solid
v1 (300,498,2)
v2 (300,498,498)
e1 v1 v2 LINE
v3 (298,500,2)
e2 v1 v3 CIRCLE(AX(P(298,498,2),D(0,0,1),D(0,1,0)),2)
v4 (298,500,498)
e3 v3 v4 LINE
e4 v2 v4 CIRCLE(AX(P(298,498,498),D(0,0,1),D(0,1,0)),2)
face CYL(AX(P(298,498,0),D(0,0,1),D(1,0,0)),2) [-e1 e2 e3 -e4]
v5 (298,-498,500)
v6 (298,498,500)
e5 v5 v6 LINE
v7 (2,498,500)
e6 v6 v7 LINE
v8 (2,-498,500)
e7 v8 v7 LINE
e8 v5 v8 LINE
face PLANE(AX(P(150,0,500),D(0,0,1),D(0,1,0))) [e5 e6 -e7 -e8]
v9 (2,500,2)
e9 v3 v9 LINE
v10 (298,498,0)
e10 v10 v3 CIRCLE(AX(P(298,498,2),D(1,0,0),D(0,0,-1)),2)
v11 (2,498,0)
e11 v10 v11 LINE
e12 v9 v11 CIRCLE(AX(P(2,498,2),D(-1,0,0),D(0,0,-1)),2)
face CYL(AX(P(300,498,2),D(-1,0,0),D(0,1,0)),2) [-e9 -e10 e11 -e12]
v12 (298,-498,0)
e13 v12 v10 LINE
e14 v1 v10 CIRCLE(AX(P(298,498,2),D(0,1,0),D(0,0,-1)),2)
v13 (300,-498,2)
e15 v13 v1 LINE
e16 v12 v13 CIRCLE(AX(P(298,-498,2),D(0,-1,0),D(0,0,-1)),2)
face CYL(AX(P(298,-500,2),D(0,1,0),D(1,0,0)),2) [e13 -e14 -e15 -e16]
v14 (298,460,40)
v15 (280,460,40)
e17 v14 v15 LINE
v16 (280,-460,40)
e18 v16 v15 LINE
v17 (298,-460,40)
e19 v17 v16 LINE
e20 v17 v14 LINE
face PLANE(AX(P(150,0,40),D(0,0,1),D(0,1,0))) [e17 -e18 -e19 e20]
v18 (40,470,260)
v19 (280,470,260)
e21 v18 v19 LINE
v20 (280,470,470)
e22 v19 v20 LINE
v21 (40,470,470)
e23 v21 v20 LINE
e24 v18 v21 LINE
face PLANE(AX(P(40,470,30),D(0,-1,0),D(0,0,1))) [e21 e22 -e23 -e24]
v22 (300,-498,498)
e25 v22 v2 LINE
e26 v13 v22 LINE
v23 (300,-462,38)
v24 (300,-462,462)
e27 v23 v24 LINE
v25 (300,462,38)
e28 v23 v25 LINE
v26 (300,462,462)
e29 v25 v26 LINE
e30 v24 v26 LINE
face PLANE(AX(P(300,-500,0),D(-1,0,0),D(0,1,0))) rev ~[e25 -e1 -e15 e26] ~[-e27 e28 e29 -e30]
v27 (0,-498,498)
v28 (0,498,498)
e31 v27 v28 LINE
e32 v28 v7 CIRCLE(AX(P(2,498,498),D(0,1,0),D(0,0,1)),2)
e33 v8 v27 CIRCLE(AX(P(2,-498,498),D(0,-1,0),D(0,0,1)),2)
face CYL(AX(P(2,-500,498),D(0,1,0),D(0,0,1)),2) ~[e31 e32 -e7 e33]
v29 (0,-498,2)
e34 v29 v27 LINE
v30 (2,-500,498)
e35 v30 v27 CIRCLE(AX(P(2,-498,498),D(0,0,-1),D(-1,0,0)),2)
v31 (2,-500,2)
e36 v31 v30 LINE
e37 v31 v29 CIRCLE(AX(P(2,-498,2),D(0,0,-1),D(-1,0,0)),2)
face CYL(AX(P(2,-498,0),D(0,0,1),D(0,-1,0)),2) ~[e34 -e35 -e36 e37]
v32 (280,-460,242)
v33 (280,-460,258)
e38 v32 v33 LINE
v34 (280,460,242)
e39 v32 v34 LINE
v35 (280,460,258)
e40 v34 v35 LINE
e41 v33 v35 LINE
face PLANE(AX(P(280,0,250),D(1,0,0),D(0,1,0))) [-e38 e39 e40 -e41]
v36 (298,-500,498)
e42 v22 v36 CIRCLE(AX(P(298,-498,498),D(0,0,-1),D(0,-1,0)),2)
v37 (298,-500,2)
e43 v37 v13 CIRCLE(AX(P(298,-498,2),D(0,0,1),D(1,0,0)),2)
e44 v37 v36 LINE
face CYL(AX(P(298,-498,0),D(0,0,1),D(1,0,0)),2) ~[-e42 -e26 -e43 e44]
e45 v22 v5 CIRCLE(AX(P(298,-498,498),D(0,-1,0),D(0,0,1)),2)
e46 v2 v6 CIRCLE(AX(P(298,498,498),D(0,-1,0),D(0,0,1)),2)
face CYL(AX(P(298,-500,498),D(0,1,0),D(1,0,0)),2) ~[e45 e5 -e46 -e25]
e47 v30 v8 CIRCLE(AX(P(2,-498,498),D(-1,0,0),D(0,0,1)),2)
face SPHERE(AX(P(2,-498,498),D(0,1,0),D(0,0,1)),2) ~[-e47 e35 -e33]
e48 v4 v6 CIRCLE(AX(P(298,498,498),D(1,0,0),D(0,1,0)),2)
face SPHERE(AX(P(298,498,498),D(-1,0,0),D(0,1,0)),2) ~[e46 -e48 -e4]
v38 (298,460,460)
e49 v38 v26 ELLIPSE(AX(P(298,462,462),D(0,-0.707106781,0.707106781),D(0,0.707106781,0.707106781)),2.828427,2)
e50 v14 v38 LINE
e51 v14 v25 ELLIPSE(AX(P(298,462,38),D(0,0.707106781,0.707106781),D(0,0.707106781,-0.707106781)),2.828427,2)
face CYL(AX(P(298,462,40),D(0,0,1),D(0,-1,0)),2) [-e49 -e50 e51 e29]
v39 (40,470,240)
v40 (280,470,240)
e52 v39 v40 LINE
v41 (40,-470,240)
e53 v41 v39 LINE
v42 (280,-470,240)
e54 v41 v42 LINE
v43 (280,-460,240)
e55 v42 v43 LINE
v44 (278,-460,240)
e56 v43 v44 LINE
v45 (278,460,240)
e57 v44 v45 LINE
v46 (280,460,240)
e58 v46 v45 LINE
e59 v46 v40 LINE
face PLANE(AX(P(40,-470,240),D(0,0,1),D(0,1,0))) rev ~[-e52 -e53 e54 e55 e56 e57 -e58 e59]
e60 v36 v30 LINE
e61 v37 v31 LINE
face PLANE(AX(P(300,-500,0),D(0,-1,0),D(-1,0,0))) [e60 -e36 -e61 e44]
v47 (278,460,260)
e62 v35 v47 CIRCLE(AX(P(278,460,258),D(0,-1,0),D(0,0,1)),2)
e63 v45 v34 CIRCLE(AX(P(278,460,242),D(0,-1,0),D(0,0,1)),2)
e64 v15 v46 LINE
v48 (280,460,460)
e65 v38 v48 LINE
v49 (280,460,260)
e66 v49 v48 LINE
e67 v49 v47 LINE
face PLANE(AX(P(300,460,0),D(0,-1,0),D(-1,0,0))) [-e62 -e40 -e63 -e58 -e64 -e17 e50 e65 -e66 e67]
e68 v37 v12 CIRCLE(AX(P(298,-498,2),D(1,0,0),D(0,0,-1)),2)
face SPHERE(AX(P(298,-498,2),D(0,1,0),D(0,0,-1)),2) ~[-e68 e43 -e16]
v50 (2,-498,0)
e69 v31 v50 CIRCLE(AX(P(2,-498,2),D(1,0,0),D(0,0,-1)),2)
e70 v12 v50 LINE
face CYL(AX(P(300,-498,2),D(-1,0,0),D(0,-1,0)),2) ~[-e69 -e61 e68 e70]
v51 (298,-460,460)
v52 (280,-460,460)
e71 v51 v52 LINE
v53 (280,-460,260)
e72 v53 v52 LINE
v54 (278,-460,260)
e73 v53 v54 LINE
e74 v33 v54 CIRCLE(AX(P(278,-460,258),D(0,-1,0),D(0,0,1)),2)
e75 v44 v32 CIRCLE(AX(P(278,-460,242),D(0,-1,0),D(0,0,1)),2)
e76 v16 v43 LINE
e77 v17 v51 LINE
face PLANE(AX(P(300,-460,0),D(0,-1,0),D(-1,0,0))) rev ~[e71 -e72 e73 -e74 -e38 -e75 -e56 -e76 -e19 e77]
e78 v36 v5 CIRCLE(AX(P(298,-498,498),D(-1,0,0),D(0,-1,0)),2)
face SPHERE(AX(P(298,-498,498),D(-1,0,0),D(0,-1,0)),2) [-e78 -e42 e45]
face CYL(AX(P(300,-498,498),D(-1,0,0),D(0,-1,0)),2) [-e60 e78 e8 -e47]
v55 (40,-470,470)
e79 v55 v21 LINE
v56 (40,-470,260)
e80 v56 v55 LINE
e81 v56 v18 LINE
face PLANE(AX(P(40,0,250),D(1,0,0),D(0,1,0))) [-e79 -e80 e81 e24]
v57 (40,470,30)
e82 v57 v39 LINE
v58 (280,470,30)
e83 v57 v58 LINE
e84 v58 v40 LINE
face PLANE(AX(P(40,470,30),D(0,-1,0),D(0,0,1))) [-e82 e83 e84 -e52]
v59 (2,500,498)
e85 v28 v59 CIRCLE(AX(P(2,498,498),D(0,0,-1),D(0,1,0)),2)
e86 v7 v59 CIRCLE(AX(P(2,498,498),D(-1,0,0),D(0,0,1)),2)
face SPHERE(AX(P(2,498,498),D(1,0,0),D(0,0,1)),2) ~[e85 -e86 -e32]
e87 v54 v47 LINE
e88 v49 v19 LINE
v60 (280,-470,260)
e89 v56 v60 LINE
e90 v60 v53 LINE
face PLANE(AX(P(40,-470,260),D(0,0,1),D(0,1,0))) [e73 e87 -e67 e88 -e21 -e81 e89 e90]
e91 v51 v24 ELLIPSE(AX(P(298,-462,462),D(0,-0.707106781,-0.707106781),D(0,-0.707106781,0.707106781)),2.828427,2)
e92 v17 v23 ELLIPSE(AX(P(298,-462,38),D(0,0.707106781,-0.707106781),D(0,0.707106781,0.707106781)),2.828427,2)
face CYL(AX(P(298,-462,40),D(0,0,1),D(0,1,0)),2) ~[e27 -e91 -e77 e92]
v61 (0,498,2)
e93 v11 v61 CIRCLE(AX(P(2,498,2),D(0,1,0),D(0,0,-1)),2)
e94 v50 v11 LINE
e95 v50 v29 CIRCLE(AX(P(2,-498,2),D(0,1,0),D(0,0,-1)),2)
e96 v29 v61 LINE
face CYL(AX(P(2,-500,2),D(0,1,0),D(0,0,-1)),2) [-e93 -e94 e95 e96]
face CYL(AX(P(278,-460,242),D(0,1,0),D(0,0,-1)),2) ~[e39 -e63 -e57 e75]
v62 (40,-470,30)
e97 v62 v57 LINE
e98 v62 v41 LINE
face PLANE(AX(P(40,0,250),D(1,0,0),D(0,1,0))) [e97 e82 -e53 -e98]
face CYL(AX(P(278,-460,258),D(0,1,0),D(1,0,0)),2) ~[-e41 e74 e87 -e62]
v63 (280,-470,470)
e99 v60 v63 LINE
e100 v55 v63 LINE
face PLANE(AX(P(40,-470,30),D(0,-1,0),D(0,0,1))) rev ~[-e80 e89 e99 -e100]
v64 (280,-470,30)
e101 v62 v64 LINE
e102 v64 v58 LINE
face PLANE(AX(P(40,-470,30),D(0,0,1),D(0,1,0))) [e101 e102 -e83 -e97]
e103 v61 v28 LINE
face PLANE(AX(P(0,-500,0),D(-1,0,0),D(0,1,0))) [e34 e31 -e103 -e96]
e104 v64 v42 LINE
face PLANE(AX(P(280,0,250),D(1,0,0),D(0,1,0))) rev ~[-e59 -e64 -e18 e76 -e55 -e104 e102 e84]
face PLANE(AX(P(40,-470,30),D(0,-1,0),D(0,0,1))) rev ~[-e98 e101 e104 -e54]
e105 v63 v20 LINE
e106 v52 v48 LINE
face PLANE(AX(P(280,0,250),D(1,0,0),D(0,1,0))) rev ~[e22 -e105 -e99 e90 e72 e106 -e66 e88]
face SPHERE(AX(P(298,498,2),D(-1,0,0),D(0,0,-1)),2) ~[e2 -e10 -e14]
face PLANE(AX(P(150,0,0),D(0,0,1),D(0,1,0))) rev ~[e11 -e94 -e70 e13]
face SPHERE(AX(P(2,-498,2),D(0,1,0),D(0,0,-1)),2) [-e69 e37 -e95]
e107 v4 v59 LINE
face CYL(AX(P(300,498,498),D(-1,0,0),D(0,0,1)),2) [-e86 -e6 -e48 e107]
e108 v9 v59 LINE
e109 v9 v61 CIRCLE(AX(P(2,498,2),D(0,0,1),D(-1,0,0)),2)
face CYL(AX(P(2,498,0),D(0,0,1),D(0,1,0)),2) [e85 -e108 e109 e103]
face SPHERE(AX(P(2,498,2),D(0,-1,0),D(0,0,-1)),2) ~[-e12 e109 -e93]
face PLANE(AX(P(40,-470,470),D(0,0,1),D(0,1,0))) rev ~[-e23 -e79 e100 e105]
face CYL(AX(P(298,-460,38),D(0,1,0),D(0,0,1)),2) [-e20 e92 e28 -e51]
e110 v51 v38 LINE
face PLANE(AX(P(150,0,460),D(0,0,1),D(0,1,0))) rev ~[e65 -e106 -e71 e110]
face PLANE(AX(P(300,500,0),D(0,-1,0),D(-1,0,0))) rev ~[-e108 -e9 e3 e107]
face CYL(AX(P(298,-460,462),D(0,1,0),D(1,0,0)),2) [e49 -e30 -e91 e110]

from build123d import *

# Parameters (mm, degrees)
SKETCH1_W           = 1000
SKETCH1_H           = 300
BOSS_EXTRUDE1_DEPTH = 500
SHELL1_T            = -40
SKETCH3_W           = 940
SKETCH3_H           = 440
CUT_EXTRUDE1_DEPTH  = 240
SKETCH4_W           = 940
SKETCH4_H           = 20
BOSS_EXTRUDE2_DEPTH = 240
FILLET1_R           = 2


with BuildPart() as part:
    # Sketch1 → Boss-Extrude1 (new body)
    with BuildSketch(Plane(origin=(0, 0, 0), x_dir=(0, 1, 0), z_dir=(0, 0, 1))):
        with Locations((0, -150)):
            Rectangle(SKETCH1_W, SKETCH1_H)
    extrude(amount=BOSS_EXTRUDE1_DEPTH)

    # Shell1
    shell1_openings = [part.faces().sort_by_distance(p)[0] for p in [
        (300, 0, 250),
    ]]
    offset(amount=SHELL1_T, openings=shell1_openings, kind=Kind.INTERSECTION)

    # Sketch3 → Cut-Extrude1 (cut)
    with BuildSketch(Plane.YZ.offset(40)):
        with Locations((0, 250)):
            Rectangle(SKETCH3_W, SKETCH3_H)
    extrude(amount=CUT_EXTRUDE1_DEPTH, mode=Mode.SUBTRACT)

    # Sketch4 → Boss-Extrude2 (add)
    with BuildSketch(Plane.YZ.offset(40)):
        with Locations((0, 250)):
            Rectangle(SKETCH4_W, SKETCH4_H)
    extrude(amount=BOSS_EXTRUDE2_DEPTH)

    # Fillet1
    fillet1_edges = [part.edges().sort_by_distance(p)[0] for p in [
        (150, 500, 500),
        (300, 0, 40),
        (300, -460, 250),
        (0, 0, 500),
        (300, 460, 250),
        (300, 0, 460),
        (150, -500, 500),
        (0, 0, 0),
        (150, 500, 0),
        (280, 0, 240),
        (280, 0, 260),
        (300, 0, 0),
        (150, -500, 0),
        (0, -500, 250),
        (0, 500, 250),
        (300, 500, 250),
        (300, -500, 250),
        (300, 0, 500),
    ]]
    fillet(fillet1_edges, radius=FILLET1_R)


solid = part.part
